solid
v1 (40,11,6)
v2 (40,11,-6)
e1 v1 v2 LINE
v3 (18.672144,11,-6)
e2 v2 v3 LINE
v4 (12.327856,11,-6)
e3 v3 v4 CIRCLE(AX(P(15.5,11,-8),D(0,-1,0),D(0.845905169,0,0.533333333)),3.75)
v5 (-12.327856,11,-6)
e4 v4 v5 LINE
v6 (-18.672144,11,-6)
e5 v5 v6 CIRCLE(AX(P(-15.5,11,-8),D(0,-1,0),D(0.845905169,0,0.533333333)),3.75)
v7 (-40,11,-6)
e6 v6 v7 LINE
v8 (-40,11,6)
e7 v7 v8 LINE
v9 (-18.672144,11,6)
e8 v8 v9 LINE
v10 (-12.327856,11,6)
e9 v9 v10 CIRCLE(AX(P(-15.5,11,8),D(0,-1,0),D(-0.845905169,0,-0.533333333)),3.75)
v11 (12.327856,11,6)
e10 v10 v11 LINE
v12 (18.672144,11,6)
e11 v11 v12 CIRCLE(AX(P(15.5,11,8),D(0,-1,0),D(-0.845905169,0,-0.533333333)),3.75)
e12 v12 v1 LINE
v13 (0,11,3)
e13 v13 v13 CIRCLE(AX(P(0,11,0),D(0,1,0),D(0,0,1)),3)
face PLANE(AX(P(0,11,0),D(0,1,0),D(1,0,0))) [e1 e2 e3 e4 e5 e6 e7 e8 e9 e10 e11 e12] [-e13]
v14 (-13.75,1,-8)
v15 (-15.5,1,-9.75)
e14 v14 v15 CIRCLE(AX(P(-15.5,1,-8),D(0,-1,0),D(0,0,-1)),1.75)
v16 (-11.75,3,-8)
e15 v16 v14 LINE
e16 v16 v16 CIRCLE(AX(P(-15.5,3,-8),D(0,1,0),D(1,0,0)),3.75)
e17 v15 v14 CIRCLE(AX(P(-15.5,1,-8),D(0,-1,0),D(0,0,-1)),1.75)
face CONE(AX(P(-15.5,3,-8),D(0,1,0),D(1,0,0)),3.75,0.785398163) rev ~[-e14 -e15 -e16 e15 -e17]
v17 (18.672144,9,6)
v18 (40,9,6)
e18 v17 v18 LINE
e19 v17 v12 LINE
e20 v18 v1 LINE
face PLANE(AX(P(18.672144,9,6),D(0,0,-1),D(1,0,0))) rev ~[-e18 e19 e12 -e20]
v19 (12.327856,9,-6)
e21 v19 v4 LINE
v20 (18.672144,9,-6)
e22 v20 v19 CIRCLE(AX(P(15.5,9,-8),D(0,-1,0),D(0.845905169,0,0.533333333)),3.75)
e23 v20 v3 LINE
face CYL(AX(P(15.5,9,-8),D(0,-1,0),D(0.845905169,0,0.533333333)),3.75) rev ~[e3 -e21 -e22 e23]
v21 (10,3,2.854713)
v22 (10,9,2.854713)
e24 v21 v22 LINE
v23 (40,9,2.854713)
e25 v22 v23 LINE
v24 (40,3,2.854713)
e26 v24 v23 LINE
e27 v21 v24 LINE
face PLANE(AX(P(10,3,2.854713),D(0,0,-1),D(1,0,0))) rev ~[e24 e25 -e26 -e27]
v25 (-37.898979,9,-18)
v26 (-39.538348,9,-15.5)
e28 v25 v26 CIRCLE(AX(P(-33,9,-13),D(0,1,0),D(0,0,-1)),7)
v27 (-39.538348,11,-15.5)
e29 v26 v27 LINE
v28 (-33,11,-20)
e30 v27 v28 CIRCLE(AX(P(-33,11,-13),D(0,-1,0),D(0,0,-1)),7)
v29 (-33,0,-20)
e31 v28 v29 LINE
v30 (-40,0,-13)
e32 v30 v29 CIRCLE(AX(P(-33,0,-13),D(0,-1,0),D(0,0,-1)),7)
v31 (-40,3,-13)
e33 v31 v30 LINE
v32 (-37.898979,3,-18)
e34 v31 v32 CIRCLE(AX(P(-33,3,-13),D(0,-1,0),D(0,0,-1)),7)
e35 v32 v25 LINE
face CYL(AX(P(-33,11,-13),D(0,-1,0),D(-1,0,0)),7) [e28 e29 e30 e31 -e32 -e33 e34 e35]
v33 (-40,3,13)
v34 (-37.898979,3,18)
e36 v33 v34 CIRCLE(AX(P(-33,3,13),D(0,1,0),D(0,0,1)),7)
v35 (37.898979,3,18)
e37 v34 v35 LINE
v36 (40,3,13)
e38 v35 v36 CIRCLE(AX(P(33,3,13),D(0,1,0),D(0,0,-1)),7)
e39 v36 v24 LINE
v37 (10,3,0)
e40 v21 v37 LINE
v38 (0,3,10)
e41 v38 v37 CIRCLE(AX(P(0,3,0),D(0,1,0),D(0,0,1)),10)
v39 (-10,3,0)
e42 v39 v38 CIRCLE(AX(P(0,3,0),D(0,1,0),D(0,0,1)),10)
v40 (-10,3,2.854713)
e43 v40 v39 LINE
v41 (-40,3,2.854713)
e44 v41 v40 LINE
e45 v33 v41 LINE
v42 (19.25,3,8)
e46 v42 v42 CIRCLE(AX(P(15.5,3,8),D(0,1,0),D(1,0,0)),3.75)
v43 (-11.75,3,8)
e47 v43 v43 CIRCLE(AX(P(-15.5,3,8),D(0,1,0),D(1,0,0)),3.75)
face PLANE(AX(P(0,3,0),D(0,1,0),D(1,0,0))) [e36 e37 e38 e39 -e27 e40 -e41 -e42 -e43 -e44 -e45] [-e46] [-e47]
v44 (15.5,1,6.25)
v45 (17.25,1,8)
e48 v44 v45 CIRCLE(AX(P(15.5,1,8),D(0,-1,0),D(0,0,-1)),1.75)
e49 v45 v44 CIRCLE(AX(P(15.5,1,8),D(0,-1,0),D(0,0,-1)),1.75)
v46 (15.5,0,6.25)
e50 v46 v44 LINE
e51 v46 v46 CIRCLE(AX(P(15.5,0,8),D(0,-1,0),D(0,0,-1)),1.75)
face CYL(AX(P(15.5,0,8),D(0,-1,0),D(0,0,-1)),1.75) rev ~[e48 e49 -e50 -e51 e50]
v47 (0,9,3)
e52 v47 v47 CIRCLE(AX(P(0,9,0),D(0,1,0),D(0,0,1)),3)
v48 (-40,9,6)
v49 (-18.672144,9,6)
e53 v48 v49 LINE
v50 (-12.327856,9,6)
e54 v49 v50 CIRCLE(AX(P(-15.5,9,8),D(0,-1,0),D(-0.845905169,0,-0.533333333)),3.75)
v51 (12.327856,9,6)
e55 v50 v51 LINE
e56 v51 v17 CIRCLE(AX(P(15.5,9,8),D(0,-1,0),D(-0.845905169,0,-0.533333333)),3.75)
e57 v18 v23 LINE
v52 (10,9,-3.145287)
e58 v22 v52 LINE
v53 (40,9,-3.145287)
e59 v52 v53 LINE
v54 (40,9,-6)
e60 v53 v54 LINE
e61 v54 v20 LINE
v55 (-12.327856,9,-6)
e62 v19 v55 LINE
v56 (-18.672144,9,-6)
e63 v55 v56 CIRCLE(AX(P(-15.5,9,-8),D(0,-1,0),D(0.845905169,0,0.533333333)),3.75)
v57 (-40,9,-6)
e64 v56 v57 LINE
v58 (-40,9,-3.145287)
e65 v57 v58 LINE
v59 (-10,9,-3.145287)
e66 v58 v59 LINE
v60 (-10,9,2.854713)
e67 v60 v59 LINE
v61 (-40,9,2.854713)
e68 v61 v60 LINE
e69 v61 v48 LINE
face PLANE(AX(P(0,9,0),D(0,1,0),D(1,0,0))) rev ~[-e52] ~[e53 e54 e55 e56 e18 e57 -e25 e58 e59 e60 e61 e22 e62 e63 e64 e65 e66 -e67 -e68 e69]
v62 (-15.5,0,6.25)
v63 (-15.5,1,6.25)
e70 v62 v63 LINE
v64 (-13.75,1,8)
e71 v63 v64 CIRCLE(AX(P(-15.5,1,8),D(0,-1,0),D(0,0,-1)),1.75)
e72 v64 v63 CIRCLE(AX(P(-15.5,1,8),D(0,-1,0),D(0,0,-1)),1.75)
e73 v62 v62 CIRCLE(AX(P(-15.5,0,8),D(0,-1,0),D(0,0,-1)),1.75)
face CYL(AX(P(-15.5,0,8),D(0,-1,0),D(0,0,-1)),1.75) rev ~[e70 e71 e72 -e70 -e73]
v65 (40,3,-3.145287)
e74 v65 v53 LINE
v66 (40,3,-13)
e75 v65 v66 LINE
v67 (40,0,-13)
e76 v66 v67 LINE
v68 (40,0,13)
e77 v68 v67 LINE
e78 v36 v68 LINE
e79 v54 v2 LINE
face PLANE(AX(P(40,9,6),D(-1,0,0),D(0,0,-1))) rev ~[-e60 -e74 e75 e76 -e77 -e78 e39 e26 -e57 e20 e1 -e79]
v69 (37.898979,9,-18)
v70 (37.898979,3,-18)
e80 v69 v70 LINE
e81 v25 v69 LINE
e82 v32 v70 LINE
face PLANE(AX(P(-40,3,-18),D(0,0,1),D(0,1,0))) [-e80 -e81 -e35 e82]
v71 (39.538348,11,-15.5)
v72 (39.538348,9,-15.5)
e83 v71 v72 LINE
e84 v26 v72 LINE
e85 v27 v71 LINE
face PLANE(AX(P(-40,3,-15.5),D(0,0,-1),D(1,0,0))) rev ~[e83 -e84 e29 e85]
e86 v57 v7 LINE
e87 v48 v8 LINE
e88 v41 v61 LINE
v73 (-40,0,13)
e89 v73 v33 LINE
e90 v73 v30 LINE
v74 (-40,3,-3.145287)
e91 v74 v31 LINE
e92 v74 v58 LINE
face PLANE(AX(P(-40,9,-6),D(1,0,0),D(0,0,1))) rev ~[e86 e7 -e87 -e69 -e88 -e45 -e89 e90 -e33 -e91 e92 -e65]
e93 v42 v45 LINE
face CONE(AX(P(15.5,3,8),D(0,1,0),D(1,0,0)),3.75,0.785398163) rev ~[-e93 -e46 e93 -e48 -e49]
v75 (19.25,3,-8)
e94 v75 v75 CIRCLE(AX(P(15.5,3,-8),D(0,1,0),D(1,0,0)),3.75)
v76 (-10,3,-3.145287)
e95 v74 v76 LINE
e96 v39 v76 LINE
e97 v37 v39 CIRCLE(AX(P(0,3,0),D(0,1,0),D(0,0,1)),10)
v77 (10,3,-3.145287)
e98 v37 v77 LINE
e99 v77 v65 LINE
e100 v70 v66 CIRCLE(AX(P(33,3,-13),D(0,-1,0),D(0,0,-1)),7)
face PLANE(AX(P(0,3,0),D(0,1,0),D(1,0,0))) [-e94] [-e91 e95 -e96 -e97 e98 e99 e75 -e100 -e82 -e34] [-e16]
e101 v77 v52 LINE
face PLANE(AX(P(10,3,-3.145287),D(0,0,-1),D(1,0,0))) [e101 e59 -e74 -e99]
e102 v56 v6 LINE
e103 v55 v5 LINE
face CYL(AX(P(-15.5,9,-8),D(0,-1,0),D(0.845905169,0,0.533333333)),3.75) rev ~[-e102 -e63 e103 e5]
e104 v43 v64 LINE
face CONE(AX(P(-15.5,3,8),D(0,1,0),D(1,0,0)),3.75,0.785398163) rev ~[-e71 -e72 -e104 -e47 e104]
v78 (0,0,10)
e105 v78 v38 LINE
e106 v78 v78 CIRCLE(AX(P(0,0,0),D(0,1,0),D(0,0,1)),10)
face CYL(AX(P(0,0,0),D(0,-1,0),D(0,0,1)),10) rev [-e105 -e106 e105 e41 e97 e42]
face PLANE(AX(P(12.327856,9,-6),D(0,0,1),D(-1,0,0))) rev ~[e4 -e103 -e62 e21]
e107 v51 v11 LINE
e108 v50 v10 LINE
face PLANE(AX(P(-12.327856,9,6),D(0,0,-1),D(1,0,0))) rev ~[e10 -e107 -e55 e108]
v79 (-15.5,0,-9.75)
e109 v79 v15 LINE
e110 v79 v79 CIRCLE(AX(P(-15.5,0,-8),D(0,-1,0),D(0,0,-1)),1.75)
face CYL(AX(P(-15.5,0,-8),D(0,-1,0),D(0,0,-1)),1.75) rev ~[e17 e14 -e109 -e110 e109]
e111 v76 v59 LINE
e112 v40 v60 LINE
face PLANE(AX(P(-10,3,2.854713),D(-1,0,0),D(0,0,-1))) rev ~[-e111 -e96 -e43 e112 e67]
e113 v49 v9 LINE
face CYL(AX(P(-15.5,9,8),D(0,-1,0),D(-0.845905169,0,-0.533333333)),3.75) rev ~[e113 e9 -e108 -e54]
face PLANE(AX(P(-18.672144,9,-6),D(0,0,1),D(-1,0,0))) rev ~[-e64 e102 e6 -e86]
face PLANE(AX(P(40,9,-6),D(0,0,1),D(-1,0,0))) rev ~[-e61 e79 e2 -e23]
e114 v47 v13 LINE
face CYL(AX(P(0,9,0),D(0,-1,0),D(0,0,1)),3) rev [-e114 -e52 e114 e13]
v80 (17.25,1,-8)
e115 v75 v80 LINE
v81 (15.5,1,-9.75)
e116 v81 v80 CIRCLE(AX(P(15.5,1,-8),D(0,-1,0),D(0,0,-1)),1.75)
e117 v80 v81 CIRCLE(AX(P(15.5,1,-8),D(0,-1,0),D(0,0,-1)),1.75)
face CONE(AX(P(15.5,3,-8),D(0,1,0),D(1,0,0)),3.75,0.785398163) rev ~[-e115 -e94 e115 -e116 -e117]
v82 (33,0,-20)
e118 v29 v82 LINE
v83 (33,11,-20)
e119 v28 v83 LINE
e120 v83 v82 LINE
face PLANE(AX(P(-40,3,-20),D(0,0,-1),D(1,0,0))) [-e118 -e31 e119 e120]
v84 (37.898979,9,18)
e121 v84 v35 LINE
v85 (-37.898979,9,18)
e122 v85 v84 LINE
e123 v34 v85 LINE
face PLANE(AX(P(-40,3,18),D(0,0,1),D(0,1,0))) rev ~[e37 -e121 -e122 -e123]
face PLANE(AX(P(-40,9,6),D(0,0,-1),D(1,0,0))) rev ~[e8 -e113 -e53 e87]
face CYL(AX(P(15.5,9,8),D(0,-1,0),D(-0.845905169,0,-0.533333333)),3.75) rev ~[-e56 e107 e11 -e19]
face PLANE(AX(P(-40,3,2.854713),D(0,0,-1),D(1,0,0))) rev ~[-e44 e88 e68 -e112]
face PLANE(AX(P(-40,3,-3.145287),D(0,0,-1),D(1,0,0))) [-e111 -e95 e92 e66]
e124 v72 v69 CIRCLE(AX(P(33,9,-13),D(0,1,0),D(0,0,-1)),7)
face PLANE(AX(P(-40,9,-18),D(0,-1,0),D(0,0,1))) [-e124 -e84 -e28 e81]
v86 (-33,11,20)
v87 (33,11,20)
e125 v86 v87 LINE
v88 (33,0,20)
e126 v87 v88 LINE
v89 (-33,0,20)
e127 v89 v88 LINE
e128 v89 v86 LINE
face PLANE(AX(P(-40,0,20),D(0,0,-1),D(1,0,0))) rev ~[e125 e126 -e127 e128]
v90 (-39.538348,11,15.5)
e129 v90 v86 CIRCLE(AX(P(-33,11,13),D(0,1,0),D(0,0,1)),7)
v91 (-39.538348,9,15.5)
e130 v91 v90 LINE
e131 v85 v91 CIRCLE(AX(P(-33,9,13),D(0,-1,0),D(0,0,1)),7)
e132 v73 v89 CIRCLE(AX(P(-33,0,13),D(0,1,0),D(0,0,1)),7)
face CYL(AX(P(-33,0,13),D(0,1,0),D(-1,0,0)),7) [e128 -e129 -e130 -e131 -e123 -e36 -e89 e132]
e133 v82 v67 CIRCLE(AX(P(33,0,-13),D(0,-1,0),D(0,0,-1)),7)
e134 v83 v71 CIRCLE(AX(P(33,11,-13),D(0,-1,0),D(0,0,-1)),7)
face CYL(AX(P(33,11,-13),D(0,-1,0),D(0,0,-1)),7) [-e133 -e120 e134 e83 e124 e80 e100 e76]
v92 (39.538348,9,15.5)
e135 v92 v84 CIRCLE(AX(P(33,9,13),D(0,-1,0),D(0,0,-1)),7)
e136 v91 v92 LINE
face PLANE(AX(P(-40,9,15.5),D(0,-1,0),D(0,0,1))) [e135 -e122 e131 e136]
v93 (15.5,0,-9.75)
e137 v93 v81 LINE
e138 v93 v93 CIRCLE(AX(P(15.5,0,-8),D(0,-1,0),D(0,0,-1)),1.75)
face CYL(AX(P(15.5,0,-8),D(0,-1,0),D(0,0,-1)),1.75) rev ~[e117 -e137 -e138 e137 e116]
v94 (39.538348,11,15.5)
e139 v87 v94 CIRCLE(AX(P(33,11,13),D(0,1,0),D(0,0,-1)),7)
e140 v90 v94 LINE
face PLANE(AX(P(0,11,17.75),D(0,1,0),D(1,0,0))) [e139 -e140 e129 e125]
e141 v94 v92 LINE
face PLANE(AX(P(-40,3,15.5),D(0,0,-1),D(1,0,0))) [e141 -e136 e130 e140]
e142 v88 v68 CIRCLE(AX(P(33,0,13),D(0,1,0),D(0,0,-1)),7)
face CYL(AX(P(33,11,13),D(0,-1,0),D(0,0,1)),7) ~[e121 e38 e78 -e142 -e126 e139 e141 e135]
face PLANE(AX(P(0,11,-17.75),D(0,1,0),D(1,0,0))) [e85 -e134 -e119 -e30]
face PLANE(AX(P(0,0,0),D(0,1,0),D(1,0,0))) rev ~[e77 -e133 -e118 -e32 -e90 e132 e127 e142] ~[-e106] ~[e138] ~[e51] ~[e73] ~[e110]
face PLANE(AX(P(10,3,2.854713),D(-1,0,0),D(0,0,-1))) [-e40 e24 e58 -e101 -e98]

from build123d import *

# Parameters (mm, degrees)
SKETCH1_W                    = 80
SKETCH1_H                    = 40
SKETCH1_R                    = 10
BOSS_EXTRUDE1_DEPTH          = 3
SKETCH2_W                    = 80
SKETCH2_H                    = 4.5
BOSS_EXTRUDE2_DEPTH          = 8
SKETCH3_W                    = 2.5
SKETCH3_H                    = 6
CUT_EXTRUDE1_DEPTH           = 80
SKETCH5_R                    = 1.75
CUT_EXTRUDE3_DEPTH           = 1
SKETCH4_R                    = 3.75
CUT_EXTRUDE4_DEPTH           = 2
CUT_EXTRUDE4_DRAFT           = -45
CUT_EXTRUDE4_PROFILE_2_DEPTH = 2
CUT_EXTRUDE4_PROFILE_2_DRAFT = -45
CUT_EXTRUDE4_PROFILE_3_DEPTH = 2
CUT_EXTRUDE4_PROFILE_3_DRAFT = -45
CUT_EXTRUDE4_PROFILE_4_DEPTH = 2
CUT_EXTRUDE4_PROFILE_4_DRAFT = -45
FILLET1_R                    = 7
SKETCH6_W                    = 30
SKETCH6_H                    = 6
BOSS_EXTRUDE3_DEPTH          = 6
SKETCH7_R                    = 3
BOSS_EXTRUDE4_DEPTH          = 2


with BuildPart() as part:
    # Sketch1 → Boss-Extrude1 (new body)
    with BuildSketch(Plane(origin=(0, 0, 0), x_dir=(1, 0, 0), z_dir=(0, 1, 0))):
        Rectangle(SKETCH1_W, SKETCH1_H)
        with Locations(Location((0, 0, 0), (0, 0, 270))):
            Circle(SKETCH1_R, mode=Mode.SUBTRACT)
    extrude(amount=BOSS_EXTRUDE1_DEPTH)

    # Sketch2 → Boss-Extrude2 (add)
    with BuildSketch(Plane(origin=(0, 3, 0), x_dir=(1, 0, 0), z_dir=(0, 1, 0))):
        with Locations((0, 17.75)):
            Rectangle(SKETCH2_W, SKETCH2_H)
        with Locations((0, -17.75)):
            Rectangle(SKETCH2_W, SKETCH2_H)
    extrude(amount=BOSS_EXTRUDE2_DEPTH)

    # Sketch3 → Cut-Extrude1 (cut)
    with BuildSketch(Plane.ZY.offset(40)):
        with Locations((-16.75, 6)):
            Rectangle(SKETCH3_W, SKETCH3_H)
        with Locations((16.75, 6)):
            Rectangle(SKETCH3_W, SKETCH3_H)
    extrude(amount=-CUT_EXTRUDE1_DEPTH, mode=Mode.SUBTRACT)

    # Sketch5 → Cut-Extrude3 (cut)
    with BuildSketch(Plane.XZ):
        with Locations(Location((-15.5, 8, 0), (0, 0, 270))):
            Circle(SKETCH5_R)
        with Locations(Location((-15.5, -8, 0), (0, 0, 270))):
            Circle(SKETCH5_R)
        with Locations(Location((15.5, 8, 0), (0, 0, 270))):
            Circle(SKETCH5_R)
        with Locations(Location((15.5, -8, 0), (0, 0, 270))):
            Circle(SKETCH5_R)
    extrude(amount=-CUT_EXTRUDE3_DEPTH, mode=Mode.SUBTRACT)


with BuildPart() as cut_extrude4_tool:
    # Sketch4 → Cut-Extrude4 (with draft: the straight prism first)
    with BuildSketch(Plane(origin=(0, 3, 0), x_dir=(1, 0, 0), z_dir=(0, 1, 0))):
        with Locations((-15.5, 8)):
            Circle(SKETCH4_R)
    extrude(amount=-CUT_EXTRUDE4_DEPTH)
    # Cut-Extrude4: the draft: its side faces are tilted about the plane it starts from
    cut_extrude4_sides = [cut_extrude4_tool.faces().sort_by_distance(p)[0] for p in [
        (-19.25, 2, -8),
    ]]
    draft(cut_extrude4_sides, Plane(origin=(0, 3, 0), x_dir=(1, 0, 0), z_dir=(0, 1, 0)), CUT_EXTRUDE4_DRAFT)


with BuildPart() as part_1:
    add(part.part)

    # Cut-Extrude4: cut by cut_extrude4_tool
    add(cut_extrude4_tool.part, mode=Mode.SUBTRACT)


with BuildPart() as cut_extrude4_profile_2_tool:
    # Sketch4 → Cut-Extrude4 profile 2 (with draft: the straight prism first)
    with BuildSketch(Plane(origin=(0, 3, 0), x_dir=(1, 0, 0), z_dir=(0, 1, 0))):
        with Locations((-15.5, -8)):
            Circle(SKETCH4_R)
    extrude(amount=-CUT_EXTRUDE4_PROFILE_2_DEPTH)
    # Cut-Extrude4 profile 2: the draft: its side faces are tilted about the plane it starts from
    cut_extrude4_profile_2_sides = [cut_extrude4_profile_2_tool.faces().sort_by_distance(p)[0] for p in [
        (-19.25, 2, 8),
    ]]
    draft(cut_extrude4_profile_2_sides, Plane(origin=(0, 3, 0), x_dir=(1, 0, 0), z_dir=(0, 1, 0)), CUT_EXTRUDE4_PROFILE_2_DRAFT)


with BuildPart() as part_2:
    add(part_1.part)

    # Cut-Extrude4 profile 2: cut by cut_extrude4_profile_2_tool
    add(cut_extrude4_profile_2_tool.part, mode=Mode.SUBTRACT)


with BuildPart() as cut_extrude4_profile_3_tool:
    # Sketch4 → Cut-Extrude4 profile 3 (with draft: the straight prism first)
    with BuildSketch(Plane(origin=(0, 3, 0), x_dir=(1, 0, 0), z_dir=(0, 1, 0))):
        with Locations((15.5, -8)):
            Circle(SKETCH4_R)
    extrude(amount=-CUT_EXTRUDE4_PROFILE_3_DEPTH)
    # Cut-Extrude4 profile 3: the draft: its side faces are tilted about the plane it starts from
    cut_extrude4_profile_3_sides = [cut_extrude4_profile_3_tool.faces().sort_by_distance(p)[0] for p in [
        (11.75, 2, 8),
    ]]
    draft(cut_extrude4_profile_3_sides, Plane(origin=(0, 3, 0), x_dir=(1, 0, 0), z_dir=(0, 1, 0)), CUT_EXTRUDE4_PROFILE_3_DRAFT)


with BuildPart() as part_3:
    add(part_2.part)

    # Cut-Extrude4 profile 3: cut by cut_extrude4_profile_3_tool
    add(cut_extrude4_profile_3_tool.part, mode=Mode.SUBTRACT)


with BuildPart() as cut_extrude4_profile_4_tool:
    # Sketch4 → Cut-Extrude4 profile 4 (with draft: the straight prism first)
    with BuildSketch(Plane(origin=(0, 3, 0), x_dir=(1, 0, 0), z_dir=(0, 1, 0))):
        with Locations((15.5, 8)):
            Circle(SKETCH4_R)
    extrude(amount=-CUT_EXTRUDE4_PROFILE_4_DEPTH)
    # Cut-Extrude4 profile 4: the draft: its side faces are tilted about the plane it starts from
    cut_extrude4_profile_4_sides = [cut_extrude4_profile_4_tool.faces().sort_by_distance(p)[0] for p in [
        (11.75, 2, -8),
    ]]
    draft(cut_extrude4_profile_4_sides, Plane(origin=(0, 3, 0), x_dir=(1, 0, 0), z_dir=(0, 1, 0)), CUT_EXTRUDE4_PROFILE_4_DRAFT)


with BuildPart() as part_4:
    add(part_3.part)

    # Cut-Extrude4 profile 4: cut by cut_extrude4_profile_4_tool
    add(cut_extrude4_profile_4_tool.part, mode=Mode.SUBTRACT)

    # Fillet1
    fillet1_edges = [part_4.edges().sort_by_distance(p)[0] for p in [
        (40, 5.5, 20),
        (40, 5.5, -20),
        (-40, 5.5, 20),
        (-40, 5.5, -20),
    ]]
    fillet(fillet1_edges, radius=FILLET1_R)

    # Sketch6 → Boss-Extrude3 (add)
    with BuildSketch(Plane(origin=(0, 3, 0), x_dir=(1, 0, 0), z_dir=(0, 1, 0))):
        with Locations((-25, 0.145287111)):
            Rectangle(SKETCH6_W, SKETCH6_H)
        with Locations((25, 0.145287111)):
            Rectangle(SKETCH6_W, SKETCH6_H)
    extrude(amount=BOSS_EXTRUDE3_DEPTH)

    # Sketch7 → Boss-Extrude4 (add)
    with BuildSketch(Plane(origin=(0, 9, 0), x_dir=(1, 0, 0), z_dir=(0, 1, 0))):
        with BuildLine():
            Line((40, 6), (18.672144385, 6))
            ThreePointArc((18.672144385, 6), (15.5, 4.25), (12.327855615, 6))
            Line((12.327855615, 6), (-12.327855615, 6))
            ThreePointArc((-12.327855615, 6), (-15.5, 4.25), (-18.672144385, 6))
            Line((-18.672144385, 6), (-40, 6))
            Line((-40, 6), (-40, -6))
            Line((-40, -6), (-18.672144385, -6))
            ThreePointArc((-18.672144385, -6), (-15.5, -4.25), (-12.327855615, -6))
            Line((-12.327855615, -6), (12.327855615, -6))
            ThreePointArc((12.327855615, -6), (15.5, -4.25), (18.672144385, -6))
            Line((18.672144385, -6), (40, -6))
            Line((40, -6), (40, 6))
        make_face()
        with Locations(Location((0, 0, 0), (0, 0, 270))):
            Circle(SKETCH7_R, mode=Mode.SUBTRACT)
    extrude(amount=BOSS_EXTRUDE4_DEPTH)


solid = part_4.part
